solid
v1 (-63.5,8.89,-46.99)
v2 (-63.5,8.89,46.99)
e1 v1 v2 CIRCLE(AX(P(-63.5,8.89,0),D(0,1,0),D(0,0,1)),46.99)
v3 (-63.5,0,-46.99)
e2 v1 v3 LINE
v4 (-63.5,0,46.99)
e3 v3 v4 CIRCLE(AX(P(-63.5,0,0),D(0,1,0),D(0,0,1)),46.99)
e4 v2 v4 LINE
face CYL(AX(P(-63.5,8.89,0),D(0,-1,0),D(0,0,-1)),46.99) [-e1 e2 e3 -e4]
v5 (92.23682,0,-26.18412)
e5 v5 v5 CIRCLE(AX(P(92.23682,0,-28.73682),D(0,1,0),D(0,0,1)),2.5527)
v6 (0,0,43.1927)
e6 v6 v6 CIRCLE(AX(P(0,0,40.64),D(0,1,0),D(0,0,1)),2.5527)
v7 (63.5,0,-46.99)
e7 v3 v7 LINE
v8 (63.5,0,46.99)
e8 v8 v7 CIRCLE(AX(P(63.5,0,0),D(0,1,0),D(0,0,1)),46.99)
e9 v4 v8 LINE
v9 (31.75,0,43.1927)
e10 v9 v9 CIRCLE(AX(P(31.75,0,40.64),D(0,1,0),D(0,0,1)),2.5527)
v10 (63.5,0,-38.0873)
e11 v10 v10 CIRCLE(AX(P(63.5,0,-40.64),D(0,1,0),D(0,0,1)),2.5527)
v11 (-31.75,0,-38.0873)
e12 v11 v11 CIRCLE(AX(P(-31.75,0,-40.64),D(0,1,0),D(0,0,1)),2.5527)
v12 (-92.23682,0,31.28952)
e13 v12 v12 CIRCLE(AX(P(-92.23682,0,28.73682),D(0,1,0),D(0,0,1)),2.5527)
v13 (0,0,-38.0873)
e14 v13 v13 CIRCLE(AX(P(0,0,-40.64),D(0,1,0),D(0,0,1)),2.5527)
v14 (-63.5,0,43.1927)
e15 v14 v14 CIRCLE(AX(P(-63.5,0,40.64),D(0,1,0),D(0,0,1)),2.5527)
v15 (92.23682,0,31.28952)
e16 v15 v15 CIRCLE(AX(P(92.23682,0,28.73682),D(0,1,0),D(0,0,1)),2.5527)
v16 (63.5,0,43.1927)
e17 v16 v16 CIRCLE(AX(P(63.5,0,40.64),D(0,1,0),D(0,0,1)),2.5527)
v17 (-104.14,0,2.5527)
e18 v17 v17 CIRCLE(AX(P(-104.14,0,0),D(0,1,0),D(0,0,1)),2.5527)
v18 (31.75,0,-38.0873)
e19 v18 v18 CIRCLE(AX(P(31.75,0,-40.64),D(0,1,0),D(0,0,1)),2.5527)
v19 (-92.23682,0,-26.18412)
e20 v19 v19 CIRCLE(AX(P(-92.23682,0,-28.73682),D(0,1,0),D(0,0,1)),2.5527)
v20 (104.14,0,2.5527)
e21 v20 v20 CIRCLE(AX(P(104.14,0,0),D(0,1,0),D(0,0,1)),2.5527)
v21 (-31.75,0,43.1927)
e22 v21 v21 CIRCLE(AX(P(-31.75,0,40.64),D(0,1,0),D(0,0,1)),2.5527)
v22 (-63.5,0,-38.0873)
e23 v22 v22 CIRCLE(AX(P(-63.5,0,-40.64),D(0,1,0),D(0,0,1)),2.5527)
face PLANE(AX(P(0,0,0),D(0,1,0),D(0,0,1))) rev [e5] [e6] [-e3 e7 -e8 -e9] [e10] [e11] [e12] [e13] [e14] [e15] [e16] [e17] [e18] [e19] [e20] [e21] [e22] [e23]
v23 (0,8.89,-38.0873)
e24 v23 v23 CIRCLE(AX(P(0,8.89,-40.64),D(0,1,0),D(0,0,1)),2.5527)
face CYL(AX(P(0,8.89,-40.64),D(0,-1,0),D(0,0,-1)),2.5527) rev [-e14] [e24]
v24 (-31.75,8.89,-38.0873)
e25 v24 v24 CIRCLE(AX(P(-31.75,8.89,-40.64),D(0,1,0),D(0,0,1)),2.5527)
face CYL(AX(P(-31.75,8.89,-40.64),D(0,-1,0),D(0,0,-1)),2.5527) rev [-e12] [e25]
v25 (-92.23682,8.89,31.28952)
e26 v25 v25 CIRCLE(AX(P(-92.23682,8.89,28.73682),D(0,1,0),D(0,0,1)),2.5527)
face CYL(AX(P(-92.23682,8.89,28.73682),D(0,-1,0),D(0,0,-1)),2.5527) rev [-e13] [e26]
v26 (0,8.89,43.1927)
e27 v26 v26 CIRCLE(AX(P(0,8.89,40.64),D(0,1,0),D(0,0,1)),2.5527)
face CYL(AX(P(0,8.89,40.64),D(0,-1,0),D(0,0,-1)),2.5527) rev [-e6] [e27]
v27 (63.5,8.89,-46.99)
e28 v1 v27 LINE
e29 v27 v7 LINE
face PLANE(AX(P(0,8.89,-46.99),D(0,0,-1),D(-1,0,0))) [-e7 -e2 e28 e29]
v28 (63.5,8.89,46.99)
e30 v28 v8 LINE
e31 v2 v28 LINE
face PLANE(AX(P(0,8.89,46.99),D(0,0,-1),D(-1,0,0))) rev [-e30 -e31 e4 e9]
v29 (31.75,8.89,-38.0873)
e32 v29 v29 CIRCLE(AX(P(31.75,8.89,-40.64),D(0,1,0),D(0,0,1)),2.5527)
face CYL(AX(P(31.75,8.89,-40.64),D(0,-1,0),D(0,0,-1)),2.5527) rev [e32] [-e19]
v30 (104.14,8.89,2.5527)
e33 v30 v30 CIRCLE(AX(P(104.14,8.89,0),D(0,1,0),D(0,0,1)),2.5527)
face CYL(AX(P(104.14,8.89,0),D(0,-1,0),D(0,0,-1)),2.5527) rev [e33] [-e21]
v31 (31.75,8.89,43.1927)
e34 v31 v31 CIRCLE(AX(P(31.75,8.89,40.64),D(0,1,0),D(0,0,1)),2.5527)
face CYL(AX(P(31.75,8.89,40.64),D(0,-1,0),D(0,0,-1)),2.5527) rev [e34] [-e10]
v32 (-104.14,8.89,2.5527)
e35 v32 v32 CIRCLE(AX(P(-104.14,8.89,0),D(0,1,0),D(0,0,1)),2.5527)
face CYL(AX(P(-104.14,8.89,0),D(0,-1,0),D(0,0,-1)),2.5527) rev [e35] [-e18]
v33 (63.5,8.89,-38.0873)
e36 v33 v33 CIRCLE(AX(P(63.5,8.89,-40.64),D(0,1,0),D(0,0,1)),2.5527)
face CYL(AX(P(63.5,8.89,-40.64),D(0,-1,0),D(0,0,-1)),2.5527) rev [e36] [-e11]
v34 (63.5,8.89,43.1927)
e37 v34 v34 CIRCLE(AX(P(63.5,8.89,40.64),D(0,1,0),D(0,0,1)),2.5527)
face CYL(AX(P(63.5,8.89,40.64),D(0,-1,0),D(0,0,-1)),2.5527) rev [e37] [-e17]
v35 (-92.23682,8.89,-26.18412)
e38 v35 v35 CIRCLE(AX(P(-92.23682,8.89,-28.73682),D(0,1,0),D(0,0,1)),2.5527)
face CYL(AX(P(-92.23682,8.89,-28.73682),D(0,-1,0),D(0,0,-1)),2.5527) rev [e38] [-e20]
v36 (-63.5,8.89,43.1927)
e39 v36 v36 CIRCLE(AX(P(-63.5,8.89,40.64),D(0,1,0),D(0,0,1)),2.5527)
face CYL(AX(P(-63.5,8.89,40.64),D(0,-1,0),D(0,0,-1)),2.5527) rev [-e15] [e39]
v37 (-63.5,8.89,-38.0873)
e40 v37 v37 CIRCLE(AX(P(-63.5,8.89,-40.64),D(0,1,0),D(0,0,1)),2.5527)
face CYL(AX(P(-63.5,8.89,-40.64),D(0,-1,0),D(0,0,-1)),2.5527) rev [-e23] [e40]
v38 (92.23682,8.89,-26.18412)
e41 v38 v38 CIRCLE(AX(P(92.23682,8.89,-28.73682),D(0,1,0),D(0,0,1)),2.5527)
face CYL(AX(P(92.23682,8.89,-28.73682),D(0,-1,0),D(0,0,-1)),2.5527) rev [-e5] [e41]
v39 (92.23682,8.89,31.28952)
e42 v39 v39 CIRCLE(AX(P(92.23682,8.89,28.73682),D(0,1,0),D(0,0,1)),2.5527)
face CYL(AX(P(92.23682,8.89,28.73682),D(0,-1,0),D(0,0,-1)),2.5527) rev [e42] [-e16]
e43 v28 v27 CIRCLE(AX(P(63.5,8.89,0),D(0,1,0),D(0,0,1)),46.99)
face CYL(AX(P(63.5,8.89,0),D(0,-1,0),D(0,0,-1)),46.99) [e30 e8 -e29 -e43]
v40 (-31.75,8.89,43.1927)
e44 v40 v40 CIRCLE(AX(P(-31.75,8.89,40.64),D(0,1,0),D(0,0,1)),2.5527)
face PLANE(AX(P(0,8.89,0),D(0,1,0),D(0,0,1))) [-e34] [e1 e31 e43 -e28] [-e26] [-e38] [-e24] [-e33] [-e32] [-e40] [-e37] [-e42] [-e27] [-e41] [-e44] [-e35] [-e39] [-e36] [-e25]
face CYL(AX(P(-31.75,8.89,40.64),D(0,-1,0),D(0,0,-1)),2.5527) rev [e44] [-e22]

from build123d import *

# Parameters (mm, degrees)
SKETCH1_R           = 2.5527
BOSS_EXTRUDE1_DEPTH = 8.89


with BuildPart() as part:
    # Sketch1 → Boss-Extrude1 (new body)
    with BuildSketch(Plane(origin=(0, 0, 0), x_dir=(1, 0, 0), z_dir=(0, 1, 0))):
        with BuildLine():
            Line((-63.5, 46.99), (63.5, 46.99))
            ThreePointArc((63.5, 46.99), (110.49, 0), (63.5, -46.99))
            Line((63.5, -46.99), (-63.5, -46.99))
            ThreePointArc((-63.5, -46.99), (-110.49, 0), (-63.5, 46.99))
        make_face()
        with Locations(Location((-63.5, 40.64, 0), (0, 0, 270))):
            Circle(SKETCH1_R, mode=Mode.SUBTRACT)
        with Locations(Location((-31.75, 40.64, 0), (0, 0, 270))):
            Circle(SKETCH1_R, mode=Mode.SUBTRACT)
        with Locations(Location((0, 40.64, 0), (0, 0, 270))):
            Circle(SKETCH1_R, mode=Mode.SUBTRACT)
        with Locations(Location((31.75, 40.64, 0), (0, 0, 270))):
            Circle(SKETCH1_R, mode=Mode.SUBTRACT)
        with Locations(Location((63.5, 40.64, 0), (0, 0, 270))):
            Circle(SKETCH1_R, mode=Mode.SUBTRACT)
        with Locations(Location((92.236819587, 28.736819587, 0), (0, 0, 270))):
            Circle(SKETCH1_R, mode=Mode.SUBTRACT)
        with Locations(Location((104.14, 0, 0), (0, 0, 270))):
            Circle(SKETCH1_R, mode=Mode.SUBTRACT)
        with Locations(Location((92.236819587, -28.736819587, 0), (0, 0, 270))):
            Circle(SKETCH1_R, mode=Mode.SUBTRACT)
        with Locations(Location((63.5, -40.64, 0), (0, 0, 270))):
            Circle(SKETCH1_R, mode=Mode.SUBTRACT)
        with Locations(Location((-92.236819587, 28.736819587, 0), (0, 0, 270))):
            Circle(SKETCH1_R, mode=Mode.SUBTRACT)
        with Locations(Location((-104.14, 0, 0), (0, 0, 270))):
            Circle(SKETCH1_R, mode=Mode.SUBTRACT)
        with Locations(Location((-92.236819587, -28.736819587, 0), (0, 0, 270))):
            Circle(SKETCH1_R, mode=Mode.SUBTRACT)
        with Locations(Location((-63.5, -40.64, 0), (0, 0, 270))):
            Circle(SKETCH1_R, mode=Mode.SUBTRACT)
        with Locations(Location((31.75, -40.64, 0), (0, 0, 270))):
            Circle(SKETCH1_R, mode=Mode.SUBTRACT)
        with Locations(Location((0, -40.64, 0), (0, 0, 270))):
            Circle(SKETCH1_R, mode=Mode.SUBTRACT)
        with Locations(Location((-31.75, -40.64, 0), (0, 0, 270))):
            Circle(SKETCH1_R, mode=Mode.SUBTRACT)
    extrude(amount=BOSS_EXTRUDE1_DEPTH)


solid = part.part
